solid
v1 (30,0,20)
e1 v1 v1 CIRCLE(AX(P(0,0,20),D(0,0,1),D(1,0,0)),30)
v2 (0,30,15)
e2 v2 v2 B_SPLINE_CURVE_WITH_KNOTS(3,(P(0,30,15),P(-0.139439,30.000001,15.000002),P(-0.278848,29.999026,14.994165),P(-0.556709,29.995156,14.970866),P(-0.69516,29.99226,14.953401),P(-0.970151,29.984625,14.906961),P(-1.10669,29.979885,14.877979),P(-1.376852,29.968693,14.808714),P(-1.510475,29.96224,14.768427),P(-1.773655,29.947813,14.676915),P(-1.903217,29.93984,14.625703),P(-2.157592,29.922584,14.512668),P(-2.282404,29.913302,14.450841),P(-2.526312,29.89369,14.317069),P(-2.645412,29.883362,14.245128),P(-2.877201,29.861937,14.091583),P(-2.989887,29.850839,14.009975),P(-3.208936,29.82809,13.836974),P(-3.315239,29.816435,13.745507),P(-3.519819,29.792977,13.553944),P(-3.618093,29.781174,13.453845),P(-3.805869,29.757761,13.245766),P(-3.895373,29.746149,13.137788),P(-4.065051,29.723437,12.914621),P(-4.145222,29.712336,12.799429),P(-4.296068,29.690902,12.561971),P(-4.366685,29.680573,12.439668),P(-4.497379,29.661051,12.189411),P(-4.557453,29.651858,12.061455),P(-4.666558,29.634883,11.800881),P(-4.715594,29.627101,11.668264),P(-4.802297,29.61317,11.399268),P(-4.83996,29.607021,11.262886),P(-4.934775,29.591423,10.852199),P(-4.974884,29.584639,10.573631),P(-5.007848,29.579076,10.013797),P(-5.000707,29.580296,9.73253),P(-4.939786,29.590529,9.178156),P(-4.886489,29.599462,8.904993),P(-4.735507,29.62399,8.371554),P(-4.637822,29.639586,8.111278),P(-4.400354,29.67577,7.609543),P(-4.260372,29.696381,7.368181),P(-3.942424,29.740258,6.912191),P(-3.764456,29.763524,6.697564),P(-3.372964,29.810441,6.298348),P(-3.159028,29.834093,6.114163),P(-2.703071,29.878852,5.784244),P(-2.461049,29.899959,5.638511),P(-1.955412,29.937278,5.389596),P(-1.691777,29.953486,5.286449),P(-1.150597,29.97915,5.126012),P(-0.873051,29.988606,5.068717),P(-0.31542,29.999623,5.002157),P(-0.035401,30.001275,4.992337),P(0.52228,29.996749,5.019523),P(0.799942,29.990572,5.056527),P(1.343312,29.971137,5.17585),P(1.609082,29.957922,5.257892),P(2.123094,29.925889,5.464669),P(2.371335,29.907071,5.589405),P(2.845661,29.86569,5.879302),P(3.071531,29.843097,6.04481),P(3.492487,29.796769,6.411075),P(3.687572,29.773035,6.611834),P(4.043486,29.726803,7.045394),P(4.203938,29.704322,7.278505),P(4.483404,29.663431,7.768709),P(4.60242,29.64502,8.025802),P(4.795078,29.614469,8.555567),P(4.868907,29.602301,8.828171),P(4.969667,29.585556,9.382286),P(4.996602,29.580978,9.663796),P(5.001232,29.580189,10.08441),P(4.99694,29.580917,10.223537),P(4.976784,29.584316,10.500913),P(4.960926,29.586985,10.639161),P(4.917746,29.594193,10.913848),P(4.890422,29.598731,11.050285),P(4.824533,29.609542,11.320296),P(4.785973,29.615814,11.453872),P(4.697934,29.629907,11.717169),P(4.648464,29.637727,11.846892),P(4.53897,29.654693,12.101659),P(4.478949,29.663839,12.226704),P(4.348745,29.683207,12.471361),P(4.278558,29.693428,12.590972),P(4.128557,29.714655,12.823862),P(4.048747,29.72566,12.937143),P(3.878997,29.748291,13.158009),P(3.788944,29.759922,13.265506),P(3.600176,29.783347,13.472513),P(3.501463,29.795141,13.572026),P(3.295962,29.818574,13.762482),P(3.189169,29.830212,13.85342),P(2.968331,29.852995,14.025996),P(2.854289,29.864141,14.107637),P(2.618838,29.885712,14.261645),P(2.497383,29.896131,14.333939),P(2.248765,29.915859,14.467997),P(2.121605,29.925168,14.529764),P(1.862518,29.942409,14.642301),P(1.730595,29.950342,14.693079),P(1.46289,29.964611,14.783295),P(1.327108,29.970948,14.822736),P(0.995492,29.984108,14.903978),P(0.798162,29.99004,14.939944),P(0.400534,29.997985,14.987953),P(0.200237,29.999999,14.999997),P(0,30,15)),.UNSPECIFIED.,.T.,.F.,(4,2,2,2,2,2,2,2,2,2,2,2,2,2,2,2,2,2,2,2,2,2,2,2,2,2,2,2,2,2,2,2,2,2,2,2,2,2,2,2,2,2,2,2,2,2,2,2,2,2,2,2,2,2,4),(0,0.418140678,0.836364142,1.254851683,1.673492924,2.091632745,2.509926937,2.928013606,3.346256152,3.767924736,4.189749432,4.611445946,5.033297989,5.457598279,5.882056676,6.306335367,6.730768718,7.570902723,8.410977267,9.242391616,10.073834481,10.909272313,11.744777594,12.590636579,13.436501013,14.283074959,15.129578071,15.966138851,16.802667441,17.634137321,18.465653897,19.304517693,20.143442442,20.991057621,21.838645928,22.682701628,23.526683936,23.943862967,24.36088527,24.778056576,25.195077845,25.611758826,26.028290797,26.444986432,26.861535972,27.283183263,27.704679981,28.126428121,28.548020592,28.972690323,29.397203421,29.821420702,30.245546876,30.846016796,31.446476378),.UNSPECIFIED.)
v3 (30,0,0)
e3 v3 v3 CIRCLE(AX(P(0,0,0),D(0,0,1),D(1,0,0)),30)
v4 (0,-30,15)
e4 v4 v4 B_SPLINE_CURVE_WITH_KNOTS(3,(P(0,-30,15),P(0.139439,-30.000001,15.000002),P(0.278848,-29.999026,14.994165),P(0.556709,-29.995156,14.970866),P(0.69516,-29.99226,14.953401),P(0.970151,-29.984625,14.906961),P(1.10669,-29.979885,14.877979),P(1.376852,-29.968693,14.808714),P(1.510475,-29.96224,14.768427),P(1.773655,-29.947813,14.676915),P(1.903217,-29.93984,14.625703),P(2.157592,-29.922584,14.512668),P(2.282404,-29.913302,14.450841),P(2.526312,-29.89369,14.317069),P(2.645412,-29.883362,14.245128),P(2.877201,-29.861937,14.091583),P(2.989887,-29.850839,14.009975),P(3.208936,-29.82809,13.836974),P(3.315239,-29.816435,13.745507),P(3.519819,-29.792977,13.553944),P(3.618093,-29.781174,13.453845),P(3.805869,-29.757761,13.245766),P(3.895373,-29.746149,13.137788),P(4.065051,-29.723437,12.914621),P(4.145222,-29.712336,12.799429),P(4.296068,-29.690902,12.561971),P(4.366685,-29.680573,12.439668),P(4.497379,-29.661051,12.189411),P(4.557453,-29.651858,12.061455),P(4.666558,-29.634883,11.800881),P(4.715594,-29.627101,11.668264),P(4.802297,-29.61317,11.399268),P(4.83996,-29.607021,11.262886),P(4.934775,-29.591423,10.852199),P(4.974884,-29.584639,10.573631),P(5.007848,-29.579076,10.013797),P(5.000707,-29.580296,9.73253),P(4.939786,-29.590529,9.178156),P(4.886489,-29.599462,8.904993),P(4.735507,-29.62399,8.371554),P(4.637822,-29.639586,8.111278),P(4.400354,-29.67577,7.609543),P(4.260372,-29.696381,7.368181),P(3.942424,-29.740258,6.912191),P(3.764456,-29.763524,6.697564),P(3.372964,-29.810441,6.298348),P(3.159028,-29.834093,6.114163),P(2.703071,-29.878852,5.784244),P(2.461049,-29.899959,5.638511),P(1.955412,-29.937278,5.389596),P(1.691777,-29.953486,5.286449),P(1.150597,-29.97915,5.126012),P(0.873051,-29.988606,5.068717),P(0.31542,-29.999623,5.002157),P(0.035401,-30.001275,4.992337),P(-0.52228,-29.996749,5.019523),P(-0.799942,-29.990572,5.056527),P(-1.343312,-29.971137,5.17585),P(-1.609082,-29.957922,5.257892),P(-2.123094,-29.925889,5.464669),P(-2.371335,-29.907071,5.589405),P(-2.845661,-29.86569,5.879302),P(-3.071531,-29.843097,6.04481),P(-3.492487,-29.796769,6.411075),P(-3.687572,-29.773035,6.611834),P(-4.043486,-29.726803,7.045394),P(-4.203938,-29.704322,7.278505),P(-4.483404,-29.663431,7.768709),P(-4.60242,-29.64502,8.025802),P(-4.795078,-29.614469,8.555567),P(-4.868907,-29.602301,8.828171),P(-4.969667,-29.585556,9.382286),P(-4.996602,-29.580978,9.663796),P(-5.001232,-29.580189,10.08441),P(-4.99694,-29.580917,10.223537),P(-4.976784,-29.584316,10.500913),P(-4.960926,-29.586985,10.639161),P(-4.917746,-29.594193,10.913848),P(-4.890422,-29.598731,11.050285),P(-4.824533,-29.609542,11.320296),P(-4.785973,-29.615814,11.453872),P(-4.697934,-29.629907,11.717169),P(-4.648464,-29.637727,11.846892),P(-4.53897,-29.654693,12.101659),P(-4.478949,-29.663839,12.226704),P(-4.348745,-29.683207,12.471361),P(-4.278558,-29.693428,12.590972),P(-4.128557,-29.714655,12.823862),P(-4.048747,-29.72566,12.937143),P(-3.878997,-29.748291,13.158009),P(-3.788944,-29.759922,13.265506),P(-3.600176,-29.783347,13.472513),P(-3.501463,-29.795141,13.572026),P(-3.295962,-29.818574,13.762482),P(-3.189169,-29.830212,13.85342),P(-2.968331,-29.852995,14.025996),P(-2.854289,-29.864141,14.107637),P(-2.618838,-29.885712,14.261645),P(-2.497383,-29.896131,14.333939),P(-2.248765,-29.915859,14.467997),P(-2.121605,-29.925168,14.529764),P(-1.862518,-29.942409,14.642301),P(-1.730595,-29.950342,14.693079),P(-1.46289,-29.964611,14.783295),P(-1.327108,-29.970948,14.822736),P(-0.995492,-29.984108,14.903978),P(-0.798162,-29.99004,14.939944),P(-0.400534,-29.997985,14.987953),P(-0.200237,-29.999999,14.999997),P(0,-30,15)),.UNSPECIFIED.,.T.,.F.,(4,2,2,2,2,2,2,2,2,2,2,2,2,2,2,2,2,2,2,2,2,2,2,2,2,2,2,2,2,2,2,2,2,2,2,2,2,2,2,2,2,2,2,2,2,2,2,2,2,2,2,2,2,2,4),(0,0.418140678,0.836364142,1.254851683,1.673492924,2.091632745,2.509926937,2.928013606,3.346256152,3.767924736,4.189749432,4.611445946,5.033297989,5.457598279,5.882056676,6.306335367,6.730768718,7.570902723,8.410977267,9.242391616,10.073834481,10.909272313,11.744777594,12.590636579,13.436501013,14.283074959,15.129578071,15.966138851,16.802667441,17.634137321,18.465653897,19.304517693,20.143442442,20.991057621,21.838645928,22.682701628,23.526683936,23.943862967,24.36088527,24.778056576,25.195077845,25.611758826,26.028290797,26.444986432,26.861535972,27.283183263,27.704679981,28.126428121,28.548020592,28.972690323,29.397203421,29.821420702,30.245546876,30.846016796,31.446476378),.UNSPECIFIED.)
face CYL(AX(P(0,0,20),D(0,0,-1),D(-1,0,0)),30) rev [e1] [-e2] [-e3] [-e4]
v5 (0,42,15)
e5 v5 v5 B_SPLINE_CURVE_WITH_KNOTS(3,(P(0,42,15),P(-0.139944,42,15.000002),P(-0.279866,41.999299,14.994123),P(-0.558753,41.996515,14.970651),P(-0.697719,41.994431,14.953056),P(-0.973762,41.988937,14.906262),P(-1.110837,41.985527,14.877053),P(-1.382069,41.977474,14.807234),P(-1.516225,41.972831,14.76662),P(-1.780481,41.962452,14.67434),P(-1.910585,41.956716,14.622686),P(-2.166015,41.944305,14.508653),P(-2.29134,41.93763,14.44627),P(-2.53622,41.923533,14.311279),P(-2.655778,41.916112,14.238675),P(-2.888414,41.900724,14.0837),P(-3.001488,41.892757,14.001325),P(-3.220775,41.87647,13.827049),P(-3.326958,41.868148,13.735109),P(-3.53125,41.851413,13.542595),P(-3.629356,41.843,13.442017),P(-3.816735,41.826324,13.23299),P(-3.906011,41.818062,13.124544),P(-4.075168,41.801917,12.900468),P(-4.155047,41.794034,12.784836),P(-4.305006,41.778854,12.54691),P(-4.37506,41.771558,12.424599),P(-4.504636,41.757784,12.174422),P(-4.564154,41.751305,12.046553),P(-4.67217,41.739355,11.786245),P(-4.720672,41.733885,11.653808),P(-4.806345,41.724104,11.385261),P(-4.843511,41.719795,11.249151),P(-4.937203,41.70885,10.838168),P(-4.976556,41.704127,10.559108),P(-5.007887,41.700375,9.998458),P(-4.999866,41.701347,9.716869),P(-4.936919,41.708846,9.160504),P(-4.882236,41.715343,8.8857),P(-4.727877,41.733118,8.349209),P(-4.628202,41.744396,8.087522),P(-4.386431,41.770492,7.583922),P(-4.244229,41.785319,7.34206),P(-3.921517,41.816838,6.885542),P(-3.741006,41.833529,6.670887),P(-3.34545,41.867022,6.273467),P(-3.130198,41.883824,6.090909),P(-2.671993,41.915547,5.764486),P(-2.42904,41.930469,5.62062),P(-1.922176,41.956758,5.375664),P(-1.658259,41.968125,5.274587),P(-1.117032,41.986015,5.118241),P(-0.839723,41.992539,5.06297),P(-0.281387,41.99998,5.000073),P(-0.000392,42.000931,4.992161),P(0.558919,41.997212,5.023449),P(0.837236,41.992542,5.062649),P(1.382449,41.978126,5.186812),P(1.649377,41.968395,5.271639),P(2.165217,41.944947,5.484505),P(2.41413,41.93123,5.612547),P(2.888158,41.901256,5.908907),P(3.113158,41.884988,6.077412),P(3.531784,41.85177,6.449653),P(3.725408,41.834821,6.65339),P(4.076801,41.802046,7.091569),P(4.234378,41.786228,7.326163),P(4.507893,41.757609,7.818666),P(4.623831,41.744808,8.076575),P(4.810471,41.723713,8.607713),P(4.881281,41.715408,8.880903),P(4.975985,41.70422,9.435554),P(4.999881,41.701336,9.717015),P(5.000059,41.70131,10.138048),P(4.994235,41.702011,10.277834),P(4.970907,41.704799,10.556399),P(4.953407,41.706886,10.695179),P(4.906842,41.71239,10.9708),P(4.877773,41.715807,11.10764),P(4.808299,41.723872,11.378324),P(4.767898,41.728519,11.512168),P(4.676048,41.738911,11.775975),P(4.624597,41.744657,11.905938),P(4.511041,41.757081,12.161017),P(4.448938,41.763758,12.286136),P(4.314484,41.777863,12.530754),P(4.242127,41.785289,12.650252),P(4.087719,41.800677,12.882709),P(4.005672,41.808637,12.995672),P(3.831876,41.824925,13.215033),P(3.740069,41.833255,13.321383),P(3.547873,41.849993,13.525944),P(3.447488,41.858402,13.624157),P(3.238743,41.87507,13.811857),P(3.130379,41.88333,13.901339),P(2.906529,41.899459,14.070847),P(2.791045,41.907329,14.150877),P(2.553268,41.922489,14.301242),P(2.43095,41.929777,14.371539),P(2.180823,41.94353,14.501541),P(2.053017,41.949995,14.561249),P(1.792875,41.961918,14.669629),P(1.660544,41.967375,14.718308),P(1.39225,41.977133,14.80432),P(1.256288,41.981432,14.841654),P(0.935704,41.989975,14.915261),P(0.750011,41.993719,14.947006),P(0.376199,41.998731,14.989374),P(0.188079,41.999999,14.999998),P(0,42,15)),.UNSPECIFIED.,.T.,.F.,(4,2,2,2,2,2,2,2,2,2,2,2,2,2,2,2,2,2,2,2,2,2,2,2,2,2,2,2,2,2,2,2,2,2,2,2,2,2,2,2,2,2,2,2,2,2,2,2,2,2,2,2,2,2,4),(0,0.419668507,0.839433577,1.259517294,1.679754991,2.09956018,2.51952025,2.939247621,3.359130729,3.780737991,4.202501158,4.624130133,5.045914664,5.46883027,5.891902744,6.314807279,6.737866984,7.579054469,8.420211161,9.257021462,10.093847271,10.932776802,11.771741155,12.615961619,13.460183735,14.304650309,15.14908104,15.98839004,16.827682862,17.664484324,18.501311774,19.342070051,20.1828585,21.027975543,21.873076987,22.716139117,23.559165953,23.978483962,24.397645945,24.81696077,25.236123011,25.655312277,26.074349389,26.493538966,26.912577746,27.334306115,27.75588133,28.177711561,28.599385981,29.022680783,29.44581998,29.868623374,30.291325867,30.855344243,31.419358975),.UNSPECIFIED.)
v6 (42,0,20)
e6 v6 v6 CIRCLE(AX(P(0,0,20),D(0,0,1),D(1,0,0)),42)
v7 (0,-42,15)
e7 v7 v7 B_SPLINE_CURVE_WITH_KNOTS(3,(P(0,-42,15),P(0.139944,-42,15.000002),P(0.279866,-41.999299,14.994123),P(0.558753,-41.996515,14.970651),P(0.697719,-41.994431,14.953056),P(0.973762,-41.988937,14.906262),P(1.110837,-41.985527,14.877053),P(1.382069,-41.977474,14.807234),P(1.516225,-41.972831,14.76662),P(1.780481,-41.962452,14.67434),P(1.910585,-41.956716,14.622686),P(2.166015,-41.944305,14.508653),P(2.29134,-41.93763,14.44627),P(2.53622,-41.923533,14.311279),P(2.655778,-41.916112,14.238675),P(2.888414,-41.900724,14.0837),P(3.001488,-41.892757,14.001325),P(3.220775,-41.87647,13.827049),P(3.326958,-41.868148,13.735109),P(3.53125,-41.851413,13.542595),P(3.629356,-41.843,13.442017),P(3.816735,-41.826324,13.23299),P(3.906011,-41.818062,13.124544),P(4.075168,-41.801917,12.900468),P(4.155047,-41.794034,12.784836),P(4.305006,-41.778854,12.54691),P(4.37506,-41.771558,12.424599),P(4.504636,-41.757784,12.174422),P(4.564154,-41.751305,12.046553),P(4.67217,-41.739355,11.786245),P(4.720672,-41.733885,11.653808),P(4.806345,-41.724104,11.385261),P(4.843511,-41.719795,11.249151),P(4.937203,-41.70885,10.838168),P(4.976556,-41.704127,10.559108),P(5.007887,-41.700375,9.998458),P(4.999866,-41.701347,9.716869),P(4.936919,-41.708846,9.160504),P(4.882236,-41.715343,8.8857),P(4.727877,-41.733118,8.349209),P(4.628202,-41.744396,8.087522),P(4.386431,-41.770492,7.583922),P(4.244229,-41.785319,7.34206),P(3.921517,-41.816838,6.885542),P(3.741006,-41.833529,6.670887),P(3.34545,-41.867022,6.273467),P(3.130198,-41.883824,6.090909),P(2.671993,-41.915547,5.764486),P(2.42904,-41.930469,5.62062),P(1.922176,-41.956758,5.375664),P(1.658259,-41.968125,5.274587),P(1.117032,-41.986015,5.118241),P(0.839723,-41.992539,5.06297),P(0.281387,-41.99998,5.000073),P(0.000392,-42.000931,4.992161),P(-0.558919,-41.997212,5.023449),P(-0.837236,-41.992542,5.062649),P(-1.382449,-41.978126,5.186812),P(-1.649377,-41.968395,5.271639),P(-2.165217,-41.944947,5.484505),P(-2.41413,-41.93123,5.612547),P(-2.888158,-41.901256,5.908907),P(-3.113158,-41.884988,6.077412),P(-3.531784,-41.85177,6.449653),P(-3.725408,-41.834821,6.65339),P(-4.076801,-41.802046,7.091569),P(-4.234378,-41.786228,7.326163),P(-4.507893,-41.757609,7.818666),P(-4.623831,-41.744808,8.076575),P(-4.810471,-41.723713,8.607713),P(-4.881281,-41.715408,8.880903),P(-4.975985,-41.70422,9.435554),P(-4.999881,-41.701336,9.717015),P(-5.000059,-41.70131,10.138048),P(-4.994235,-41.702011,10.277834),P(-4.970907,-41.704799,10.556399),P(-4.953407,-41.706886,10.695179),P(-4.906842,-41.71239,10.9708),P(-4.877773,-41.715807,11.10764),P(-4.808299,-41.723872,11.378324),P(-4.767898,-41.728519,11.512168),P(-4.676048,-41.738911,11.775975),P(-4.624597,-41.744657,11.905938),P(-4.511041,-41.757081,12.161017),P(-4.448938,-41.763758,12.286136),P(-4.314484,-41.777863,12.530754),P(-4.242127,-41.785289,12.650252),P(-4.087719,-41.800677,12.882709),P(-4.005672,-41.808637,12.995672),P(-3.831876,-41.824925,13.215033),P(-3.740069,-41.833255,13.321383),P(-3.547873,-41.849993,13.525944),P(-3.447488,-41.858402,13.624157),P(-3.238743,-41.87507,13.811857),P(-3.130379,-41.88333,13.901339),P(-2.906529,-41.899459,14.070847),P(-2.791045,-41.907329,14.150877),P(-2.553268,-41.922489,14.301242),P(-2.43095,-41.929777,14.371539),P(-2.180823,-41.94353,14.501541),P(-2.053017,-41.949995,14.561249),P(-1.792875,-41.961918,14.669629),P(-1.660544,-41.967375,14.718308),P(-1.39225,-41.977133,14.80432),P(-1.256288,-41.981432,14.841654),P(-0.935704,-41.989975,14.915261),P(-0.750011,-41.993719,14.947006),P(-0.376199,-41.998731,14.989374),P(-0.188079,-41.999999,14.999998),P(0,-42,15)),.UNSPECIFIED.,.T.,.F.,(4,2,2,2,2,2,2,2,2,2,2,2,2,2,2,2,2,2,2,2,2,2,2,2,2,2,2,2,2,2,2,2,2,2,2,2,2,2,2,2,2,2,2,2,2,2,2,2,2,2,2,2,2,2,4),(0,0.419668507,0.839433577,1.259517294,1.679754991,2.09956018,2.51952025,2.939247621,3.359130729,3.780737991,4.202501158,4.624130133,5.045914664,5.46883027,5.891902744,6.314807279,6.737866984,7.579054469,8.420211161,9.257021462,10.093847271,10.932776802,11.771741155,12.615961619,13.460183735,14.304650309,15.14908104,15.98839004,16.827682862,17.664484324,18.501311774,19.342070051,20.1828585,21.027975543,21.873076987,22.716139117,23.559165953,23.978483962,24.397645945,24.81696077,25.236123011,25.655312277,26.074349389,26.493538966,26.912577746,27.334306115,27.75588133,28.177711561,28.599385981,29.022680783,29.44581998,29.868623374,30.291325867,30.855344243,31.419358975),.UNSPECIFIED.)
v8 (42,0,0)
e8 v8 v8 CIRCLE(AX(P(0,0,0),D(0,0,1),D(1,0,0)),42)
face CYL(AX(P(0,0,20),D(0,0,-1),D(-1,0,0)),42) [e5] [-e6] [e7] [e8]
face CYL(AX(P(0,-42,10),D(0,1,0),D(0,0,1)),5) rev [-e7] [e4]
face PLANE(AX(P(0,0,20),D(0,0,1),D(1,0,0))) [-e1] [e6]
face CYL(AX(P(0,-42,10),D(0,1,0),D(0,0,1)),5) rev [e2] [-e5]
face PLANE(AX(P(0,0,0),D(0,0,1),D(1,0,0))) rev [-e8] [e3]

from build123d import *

# Parameters (mm, degrees)
SKETCH1_R               = 42
SKETCH1_R_2             = 30
BOSS_EXTRUDE1_DEPTH     = 20
CUT_EXTRUDE1_DEPTH      = 63.673758464
CUT_EXTRUDE1_DEPTH_BACK = 63.673758464
SKETCH2_R               = 5


with BuildPart() as part:
    # Sketch1 → Boss-Extrude1 (new body)
    with BuildSketch(Plane.XY):
        Circle(SKETCH1_R)
        Circle(SKETCH1_R_2, mode=Mode.SUBTRACT)
    extrude(amount=BOSS_EXTRUDE1_DEPTH)

    # Sketch2 → Cut-Extrude1 (cut, two sides: drawn at the far end of the back side and taken through both)
    with BuildSketch(Plane(origin=(0, 0, 0), x_dir=(1, 0, 0), z_dir=(0, 1, 0)).offset(-CUT_EXTRUDE1_DEPTH_BACK)):
        with Locations(Location((0, -10, 0), (0, 0, 270))):
            Circle(SKETCH2_R)
    extrude(amount=CUT_EXTRUDE1_DEPTH + CUT_EXTRUDE1_DEPTH_BACK, mode=Mode.SUBTRACT)


solid = part.part
